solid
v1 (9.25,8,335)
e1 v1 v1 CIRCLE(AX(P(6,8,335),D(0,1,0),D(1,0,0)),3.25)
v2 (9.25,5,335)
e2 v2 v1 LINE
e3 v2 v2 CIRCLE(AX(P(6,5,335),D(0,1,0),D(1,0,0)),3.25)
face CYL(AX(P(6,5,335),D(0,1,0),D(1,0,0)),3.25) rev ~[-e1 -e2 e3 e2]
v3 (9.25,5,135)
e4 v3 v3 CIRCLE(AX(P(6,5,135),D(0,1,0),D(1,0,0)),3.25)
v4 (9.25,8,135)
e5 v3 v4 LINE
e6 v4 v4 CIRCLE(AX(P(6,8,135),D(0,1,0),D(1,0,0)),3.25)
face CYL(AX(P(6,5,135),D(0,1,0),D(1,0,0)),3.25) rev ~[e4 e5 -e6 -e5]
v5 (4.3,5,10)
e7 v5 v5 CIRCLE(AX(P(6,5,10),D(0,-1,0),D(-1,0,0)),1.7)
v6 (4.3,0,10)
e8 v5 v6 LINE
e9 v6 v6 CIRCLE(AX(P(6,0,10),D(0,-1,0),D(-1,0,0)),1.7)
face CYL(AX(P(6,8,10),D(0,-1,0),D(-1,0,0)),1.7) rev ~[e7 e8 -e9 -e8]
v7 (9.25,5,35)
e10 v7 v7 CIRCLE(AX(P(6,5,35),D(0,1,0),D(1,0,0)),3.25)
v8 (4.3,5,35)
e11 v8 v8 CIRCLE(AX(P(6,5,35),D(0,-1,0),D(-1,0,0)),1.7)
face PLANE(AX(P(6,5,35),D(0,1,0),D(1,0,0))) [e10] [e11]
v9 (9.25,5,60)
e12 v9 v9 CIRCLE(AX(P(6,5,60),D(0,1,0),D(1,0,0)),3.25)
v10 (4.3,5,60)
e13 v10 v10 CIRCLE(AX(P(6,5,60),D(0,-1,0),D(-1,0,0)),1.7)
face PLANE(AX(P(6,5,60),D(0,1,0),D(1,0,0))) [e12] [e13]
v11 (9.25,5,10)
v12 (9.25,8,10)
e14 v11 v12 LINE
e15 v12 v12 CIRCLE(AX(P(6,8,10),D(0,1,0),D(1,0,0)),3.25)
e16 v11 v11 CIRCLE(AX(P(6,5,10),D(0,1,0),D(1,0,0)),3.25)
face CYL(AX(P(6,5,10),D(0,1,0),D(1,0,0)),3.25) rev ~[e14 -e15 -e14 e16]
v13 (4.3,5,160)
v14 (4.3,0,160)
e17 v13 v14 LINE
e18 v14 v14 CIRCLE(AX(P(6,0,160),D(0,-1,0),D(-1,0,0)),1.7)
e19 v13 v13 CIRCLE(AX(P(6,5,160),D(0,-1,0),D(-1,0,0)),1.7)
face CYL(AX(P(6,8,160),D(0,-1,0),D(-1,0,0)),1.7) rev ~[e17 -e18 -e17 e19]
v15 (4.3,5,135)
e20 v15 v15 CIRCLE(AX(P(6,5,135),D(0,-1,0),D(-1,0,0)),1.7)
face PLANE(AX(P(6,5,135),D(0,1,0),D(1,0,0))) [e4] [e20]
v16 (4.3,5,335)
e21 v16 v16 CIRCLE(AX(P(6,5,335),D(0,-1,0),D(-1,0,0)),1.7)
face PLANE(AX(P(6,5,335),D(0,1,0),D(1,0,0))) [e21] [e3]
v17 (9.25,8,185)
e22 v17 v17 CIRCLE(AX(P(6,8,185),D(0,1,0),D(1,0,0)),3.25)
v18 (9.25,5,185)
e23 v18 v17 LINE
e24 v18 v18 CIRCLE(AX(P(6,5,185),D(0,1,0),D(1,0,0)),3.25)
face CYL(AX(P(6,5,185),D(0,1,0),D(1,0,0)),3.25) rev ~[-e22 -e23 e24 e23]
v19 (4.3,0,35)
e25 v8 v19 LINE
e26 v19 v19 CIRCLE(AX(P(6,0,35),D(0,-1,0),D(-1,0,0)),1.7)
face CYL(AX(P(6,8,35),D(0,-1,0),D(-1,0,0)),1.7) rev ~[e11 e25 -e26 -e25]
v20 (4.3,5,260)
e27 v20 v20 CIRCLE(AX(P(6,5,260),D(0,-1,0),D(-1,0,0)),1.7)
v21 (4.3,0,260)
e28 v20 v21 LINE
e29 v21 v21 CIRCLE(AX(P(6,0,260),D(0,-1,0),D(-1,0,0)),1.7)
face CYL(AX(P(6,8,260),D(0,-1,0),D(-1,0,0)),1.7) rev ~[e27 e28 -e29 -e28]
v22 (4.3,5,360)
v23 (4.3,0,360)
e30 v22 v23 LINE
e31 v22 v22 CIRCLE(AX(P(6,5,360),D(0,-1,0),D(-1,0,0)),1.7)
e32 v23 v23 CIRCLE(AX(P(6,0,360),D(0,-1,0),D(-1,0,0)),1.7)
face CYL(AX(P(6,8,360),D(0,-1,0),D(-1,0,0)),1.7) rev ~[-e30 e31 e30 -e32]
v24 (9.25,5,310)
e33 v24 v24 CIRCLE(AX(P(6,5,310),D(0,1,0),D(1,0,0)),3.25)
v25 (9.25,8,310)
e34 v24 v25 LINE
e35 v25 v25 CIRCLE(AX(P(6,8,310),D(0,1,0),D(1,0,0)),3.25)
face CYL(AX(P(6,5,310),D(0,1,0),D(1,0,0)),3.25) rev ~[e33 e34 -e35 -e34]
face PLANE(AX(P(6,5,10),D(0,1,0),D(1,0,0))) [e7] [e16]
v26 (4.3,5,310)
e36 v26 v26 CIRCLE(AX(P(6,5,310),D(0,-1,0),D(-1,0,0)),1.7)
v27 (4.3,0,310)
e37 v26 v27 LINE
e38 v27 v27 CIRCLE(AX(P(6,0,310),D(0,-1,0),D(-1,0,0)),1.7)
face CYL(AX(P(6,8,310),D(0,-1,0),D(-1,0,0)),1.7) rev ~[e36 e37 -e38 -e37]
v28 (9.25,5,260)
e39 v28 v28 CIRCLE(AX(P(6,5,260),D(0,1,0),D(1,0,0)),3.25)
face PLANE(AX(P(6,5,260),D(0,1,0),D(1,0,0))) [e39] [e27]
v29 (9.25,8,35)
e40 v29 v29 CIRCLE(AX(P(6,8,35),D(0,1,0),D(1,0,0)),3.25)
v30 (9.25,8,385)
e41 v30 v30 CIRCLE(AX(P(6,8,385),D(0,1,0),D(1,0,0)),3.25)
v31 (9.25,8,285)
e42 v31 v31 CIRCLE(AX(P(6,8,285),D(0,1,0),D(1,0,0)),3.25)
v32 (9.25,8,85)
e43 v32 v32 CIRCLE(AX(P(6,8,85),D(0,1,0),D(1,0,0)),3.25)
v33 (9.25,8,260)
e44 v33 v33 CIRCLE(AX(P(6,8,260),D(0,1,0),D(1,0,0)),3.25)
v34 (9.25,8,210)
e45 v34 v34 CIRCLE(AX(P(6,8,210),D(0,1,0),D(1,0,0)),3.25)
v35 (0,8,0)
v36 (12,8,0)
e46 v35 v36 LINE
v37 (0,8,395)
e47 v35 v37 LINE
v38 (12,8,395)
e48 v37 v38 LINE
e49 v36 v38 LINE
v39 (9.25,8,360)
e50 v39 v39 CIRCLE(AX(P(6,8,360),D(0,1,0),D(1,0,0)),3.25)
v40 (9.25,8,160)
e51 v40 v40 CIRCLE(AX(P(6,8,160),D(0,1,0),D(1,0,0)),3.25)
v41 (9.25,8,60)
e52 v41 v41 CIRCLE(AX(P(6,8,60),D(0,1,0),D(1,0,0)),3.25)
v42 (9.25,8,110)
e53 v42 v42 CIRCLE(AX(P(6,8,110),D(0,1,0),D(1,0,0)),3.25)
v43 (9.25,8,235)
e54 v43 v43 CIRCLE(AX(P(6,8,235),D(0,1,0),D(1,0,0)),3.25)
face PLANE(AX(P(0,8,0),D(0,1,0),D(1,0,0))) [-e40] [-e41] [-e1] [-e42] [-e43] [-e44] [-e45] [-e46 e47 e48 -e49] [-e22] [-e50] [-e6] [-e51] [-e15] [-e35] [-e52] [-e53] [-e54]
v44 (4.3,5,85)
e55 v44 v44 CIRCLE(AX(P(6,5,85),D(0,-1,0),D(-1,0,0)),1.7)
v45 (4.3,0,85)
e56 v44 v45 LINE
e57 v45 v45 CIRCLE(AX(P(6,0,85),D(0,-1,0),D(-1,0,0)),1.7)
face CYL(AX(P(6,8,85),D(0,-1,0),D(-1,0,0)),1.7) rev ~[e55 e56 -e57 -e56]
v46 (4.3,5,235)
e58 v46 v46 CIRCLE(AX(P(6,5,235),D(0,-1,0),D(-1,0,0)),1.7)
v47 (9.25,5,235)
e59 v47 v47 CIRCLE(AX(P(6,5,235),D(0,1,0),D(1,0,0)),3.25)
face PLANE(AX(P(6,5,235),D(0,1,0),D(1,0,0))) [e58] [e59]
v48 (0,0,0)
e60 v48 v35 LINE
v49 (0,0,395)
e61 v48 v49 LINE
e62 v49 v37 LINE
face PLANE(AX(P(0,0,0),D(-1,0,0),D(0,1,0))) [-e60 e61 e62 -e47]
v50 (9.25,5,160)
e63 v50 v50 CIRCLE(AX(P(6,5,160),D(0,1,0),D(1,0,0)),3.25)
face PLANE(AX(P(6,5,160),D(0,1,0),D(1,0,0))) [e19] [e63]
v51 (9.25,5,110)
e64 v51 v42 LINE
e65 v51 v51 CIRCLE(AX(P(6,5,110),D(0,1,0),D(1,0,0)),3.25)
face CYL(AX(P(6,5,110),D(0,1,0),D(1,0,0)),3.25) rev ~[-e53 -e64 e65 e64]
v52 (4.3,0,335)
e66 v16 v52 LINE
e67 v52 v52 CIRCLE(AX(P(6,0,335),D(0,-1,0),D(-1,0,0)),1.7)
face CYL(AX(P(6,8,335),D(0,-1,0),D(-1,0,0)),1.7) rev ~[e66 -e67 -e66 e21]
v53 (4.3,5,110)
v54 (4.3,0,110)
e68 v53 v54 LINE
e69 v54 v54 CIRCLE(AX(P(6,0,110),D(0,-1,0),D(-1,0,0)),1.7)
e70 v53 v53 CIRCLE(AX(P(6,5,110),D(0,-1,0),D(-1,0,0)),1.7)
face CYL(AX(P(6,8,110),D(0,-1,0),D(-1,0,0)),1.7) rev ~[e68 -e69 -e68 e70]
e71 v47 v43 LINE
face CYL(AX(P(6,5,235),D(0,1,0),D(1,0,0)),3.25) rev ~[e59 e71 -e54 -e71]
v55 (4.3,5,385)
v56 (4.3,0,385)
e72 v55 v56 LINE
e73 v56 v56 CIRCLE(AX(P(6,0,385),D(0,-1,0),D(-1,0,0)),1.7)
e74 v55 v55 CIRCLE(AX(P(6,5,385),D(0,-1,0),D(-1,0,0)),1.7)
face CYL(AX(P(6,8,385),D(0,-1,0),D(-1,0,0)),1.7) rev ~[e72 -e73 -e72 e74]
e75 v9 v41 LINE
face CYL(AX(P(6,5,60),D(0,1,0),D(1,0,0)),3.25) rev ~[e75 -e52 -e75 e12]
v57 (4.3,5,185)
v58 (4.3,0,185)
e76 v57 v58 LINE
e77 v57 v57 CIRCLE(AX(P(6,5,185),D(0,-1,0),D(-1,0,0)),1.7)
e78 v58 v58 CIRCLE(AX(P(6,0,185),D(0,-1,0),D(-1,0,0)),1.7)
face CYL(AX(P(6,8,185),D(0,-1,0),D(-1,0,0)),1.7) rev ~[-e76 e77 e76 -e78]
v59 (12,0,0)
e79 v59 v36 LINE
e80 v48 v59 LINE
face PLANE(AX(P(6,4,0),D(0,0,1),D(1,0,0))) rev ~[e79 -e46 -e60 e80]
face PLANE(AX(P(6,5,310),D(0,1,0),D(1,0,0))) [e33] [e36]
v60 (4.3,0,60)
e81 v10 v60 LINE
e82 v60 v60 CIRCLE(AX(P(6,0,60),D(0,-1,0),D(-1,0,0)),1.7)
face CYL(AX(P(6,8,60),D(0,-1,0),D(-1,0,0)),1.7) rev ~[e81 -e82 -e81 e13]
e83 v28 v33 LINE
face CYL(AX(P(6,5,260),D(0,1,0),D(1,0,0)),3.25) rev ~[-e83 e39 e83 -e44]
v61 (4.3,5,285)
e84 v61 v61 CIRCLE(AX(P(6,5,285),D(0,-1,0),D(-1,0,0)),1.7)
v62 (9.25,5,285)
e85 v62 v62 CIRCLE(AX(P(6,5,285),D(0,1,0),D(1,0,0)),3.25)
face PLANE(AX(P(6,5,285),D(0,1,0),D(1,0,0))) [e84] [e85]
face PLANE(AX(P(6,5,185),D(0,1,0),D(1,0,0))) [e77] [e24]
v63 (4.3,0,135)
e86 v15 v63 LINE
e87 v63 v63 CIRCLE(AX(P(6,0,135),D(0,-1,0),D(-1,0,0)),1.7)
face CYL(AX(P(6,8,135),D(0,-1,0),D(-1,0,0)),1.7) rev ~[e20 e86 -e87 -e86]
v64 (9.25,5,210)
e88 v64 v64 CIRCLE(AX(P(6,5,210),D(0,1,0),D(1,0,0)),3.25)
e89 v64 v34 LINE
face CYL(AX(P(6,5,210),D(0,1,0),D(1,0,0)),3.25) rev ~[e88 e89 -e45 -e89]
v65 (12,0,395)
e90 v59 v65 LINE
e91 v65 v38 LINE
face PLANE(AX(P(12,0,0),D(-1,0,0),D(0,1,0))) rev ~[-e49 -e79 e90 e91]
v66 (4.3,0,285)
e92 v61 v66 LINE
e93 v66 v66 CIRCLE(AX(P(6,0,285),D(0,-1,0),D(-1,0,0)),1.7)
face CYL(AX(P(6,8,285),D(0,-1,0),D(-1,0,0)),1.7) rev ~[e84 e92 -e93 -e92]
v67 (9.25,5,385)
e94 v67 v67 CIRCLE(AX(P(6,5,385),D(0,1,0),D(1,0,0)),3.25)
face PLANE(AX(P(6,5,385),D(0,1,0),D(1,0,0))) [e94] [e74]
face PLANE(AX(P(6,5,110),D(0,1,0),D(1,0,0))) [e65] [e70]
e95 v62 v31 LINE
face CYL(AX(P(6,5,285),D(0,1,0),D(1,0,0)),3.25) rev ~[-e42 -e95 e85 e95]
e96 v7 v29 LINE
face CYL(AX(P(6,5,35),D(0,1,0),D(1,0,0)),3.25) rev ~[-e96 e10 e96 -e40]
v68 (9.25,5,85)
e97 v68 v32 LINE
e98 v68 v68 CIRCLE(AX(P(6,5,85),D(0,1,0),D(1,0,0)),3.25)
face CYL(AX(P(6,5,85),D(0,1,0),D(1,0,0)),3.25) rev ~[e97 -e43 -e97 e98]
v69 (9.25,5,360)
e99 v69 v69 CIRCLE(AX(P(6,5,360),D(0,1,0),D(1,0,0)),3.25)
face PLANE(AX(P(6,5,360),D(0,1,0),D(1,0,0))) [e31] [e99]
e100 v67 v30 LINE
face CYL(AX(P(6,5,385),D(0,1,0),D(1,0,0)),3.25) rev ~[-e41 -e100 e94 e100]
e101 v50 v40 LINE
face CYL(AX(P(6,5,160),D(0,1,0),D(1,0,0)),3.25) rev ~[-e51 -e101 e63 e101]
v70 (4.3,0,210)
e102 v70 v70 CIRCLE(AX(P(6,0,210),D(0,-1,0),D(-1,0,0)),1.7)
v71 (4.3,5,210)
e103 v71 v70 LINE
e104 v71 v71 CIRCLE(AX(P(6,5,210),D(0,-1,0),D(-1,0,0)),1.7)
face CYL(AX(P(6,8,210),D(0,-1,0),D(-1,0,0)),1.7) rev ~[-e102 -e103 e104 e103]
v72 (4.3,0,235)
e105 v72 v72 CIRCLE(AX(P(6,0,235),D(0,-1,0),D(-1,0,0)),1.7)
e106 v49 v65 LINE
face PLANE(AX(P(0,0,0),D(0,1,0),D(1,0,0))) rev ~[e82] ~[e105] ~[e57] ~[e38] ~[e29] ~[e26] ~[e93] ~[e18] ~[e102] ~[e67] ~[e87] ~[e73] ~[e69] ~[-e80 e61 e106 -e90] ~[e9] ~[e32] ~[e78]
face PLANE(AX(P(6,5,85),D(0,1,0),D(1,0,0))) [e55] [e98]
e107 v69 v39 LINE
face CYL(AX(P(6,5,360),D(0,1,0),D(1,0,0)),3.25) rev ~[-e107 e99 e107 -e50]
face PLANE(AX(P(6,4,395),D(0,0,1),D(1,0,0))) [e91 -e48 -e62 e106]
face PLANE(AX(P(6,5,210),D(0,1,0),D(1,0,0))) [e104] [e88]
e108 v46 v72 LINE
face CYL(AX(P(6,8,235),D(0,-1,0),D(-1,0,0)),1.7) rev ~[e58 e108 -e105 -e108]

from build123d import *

# Parameters (mm, degrees)
SKETCH1_W                      = 12
SKETCH1_H                      = 8
BOSS_EXTRUDE1_DEPTH            = 395
CBORE_FOR_M3_SHCS1_D           = 3.4
CBORE_FOR_M3_SHCS1_CBORE_D     = 6.5
CBORE_FOR_M3_SHCS1_CBORE_DEPTH = 3


with BuildPart() as part:
    # Sketch1 → Boss-Extrude1 (new body)
    with BuildSketch(Plane.XY):
        with Locations((6, 4)):
            Rectangle(SKETCH1_W, SKETCH1_H)
    extrude(amount=BOSS_EXTRUDE1_DEPTH)

    # CBORE for M3 SHCS1 (through all)
    with Locations(Plane(origin=(0, 8, 0), x_dir=(1, 0, 0), z_dir=(0, 1, 0))):
        with Locations((6, -385), (6, -360), (6, -335), (6, -310), (6, -285), (6, -260), (6, -235), (6, -210), (6, -185), (6, -160), (6, -135), (6, -110), (6, -85), (6, -60), (6, -35), (6, -10)):
            CounterBoreHole(CBORE_FOR_M3_SHCS1_D / 2, CBORE_FOR_M3_SHCS1_CBORE_D / 2, CBORE_FOR_M3_SHCS1_CBORE_DEPTH)


solid = part.part
